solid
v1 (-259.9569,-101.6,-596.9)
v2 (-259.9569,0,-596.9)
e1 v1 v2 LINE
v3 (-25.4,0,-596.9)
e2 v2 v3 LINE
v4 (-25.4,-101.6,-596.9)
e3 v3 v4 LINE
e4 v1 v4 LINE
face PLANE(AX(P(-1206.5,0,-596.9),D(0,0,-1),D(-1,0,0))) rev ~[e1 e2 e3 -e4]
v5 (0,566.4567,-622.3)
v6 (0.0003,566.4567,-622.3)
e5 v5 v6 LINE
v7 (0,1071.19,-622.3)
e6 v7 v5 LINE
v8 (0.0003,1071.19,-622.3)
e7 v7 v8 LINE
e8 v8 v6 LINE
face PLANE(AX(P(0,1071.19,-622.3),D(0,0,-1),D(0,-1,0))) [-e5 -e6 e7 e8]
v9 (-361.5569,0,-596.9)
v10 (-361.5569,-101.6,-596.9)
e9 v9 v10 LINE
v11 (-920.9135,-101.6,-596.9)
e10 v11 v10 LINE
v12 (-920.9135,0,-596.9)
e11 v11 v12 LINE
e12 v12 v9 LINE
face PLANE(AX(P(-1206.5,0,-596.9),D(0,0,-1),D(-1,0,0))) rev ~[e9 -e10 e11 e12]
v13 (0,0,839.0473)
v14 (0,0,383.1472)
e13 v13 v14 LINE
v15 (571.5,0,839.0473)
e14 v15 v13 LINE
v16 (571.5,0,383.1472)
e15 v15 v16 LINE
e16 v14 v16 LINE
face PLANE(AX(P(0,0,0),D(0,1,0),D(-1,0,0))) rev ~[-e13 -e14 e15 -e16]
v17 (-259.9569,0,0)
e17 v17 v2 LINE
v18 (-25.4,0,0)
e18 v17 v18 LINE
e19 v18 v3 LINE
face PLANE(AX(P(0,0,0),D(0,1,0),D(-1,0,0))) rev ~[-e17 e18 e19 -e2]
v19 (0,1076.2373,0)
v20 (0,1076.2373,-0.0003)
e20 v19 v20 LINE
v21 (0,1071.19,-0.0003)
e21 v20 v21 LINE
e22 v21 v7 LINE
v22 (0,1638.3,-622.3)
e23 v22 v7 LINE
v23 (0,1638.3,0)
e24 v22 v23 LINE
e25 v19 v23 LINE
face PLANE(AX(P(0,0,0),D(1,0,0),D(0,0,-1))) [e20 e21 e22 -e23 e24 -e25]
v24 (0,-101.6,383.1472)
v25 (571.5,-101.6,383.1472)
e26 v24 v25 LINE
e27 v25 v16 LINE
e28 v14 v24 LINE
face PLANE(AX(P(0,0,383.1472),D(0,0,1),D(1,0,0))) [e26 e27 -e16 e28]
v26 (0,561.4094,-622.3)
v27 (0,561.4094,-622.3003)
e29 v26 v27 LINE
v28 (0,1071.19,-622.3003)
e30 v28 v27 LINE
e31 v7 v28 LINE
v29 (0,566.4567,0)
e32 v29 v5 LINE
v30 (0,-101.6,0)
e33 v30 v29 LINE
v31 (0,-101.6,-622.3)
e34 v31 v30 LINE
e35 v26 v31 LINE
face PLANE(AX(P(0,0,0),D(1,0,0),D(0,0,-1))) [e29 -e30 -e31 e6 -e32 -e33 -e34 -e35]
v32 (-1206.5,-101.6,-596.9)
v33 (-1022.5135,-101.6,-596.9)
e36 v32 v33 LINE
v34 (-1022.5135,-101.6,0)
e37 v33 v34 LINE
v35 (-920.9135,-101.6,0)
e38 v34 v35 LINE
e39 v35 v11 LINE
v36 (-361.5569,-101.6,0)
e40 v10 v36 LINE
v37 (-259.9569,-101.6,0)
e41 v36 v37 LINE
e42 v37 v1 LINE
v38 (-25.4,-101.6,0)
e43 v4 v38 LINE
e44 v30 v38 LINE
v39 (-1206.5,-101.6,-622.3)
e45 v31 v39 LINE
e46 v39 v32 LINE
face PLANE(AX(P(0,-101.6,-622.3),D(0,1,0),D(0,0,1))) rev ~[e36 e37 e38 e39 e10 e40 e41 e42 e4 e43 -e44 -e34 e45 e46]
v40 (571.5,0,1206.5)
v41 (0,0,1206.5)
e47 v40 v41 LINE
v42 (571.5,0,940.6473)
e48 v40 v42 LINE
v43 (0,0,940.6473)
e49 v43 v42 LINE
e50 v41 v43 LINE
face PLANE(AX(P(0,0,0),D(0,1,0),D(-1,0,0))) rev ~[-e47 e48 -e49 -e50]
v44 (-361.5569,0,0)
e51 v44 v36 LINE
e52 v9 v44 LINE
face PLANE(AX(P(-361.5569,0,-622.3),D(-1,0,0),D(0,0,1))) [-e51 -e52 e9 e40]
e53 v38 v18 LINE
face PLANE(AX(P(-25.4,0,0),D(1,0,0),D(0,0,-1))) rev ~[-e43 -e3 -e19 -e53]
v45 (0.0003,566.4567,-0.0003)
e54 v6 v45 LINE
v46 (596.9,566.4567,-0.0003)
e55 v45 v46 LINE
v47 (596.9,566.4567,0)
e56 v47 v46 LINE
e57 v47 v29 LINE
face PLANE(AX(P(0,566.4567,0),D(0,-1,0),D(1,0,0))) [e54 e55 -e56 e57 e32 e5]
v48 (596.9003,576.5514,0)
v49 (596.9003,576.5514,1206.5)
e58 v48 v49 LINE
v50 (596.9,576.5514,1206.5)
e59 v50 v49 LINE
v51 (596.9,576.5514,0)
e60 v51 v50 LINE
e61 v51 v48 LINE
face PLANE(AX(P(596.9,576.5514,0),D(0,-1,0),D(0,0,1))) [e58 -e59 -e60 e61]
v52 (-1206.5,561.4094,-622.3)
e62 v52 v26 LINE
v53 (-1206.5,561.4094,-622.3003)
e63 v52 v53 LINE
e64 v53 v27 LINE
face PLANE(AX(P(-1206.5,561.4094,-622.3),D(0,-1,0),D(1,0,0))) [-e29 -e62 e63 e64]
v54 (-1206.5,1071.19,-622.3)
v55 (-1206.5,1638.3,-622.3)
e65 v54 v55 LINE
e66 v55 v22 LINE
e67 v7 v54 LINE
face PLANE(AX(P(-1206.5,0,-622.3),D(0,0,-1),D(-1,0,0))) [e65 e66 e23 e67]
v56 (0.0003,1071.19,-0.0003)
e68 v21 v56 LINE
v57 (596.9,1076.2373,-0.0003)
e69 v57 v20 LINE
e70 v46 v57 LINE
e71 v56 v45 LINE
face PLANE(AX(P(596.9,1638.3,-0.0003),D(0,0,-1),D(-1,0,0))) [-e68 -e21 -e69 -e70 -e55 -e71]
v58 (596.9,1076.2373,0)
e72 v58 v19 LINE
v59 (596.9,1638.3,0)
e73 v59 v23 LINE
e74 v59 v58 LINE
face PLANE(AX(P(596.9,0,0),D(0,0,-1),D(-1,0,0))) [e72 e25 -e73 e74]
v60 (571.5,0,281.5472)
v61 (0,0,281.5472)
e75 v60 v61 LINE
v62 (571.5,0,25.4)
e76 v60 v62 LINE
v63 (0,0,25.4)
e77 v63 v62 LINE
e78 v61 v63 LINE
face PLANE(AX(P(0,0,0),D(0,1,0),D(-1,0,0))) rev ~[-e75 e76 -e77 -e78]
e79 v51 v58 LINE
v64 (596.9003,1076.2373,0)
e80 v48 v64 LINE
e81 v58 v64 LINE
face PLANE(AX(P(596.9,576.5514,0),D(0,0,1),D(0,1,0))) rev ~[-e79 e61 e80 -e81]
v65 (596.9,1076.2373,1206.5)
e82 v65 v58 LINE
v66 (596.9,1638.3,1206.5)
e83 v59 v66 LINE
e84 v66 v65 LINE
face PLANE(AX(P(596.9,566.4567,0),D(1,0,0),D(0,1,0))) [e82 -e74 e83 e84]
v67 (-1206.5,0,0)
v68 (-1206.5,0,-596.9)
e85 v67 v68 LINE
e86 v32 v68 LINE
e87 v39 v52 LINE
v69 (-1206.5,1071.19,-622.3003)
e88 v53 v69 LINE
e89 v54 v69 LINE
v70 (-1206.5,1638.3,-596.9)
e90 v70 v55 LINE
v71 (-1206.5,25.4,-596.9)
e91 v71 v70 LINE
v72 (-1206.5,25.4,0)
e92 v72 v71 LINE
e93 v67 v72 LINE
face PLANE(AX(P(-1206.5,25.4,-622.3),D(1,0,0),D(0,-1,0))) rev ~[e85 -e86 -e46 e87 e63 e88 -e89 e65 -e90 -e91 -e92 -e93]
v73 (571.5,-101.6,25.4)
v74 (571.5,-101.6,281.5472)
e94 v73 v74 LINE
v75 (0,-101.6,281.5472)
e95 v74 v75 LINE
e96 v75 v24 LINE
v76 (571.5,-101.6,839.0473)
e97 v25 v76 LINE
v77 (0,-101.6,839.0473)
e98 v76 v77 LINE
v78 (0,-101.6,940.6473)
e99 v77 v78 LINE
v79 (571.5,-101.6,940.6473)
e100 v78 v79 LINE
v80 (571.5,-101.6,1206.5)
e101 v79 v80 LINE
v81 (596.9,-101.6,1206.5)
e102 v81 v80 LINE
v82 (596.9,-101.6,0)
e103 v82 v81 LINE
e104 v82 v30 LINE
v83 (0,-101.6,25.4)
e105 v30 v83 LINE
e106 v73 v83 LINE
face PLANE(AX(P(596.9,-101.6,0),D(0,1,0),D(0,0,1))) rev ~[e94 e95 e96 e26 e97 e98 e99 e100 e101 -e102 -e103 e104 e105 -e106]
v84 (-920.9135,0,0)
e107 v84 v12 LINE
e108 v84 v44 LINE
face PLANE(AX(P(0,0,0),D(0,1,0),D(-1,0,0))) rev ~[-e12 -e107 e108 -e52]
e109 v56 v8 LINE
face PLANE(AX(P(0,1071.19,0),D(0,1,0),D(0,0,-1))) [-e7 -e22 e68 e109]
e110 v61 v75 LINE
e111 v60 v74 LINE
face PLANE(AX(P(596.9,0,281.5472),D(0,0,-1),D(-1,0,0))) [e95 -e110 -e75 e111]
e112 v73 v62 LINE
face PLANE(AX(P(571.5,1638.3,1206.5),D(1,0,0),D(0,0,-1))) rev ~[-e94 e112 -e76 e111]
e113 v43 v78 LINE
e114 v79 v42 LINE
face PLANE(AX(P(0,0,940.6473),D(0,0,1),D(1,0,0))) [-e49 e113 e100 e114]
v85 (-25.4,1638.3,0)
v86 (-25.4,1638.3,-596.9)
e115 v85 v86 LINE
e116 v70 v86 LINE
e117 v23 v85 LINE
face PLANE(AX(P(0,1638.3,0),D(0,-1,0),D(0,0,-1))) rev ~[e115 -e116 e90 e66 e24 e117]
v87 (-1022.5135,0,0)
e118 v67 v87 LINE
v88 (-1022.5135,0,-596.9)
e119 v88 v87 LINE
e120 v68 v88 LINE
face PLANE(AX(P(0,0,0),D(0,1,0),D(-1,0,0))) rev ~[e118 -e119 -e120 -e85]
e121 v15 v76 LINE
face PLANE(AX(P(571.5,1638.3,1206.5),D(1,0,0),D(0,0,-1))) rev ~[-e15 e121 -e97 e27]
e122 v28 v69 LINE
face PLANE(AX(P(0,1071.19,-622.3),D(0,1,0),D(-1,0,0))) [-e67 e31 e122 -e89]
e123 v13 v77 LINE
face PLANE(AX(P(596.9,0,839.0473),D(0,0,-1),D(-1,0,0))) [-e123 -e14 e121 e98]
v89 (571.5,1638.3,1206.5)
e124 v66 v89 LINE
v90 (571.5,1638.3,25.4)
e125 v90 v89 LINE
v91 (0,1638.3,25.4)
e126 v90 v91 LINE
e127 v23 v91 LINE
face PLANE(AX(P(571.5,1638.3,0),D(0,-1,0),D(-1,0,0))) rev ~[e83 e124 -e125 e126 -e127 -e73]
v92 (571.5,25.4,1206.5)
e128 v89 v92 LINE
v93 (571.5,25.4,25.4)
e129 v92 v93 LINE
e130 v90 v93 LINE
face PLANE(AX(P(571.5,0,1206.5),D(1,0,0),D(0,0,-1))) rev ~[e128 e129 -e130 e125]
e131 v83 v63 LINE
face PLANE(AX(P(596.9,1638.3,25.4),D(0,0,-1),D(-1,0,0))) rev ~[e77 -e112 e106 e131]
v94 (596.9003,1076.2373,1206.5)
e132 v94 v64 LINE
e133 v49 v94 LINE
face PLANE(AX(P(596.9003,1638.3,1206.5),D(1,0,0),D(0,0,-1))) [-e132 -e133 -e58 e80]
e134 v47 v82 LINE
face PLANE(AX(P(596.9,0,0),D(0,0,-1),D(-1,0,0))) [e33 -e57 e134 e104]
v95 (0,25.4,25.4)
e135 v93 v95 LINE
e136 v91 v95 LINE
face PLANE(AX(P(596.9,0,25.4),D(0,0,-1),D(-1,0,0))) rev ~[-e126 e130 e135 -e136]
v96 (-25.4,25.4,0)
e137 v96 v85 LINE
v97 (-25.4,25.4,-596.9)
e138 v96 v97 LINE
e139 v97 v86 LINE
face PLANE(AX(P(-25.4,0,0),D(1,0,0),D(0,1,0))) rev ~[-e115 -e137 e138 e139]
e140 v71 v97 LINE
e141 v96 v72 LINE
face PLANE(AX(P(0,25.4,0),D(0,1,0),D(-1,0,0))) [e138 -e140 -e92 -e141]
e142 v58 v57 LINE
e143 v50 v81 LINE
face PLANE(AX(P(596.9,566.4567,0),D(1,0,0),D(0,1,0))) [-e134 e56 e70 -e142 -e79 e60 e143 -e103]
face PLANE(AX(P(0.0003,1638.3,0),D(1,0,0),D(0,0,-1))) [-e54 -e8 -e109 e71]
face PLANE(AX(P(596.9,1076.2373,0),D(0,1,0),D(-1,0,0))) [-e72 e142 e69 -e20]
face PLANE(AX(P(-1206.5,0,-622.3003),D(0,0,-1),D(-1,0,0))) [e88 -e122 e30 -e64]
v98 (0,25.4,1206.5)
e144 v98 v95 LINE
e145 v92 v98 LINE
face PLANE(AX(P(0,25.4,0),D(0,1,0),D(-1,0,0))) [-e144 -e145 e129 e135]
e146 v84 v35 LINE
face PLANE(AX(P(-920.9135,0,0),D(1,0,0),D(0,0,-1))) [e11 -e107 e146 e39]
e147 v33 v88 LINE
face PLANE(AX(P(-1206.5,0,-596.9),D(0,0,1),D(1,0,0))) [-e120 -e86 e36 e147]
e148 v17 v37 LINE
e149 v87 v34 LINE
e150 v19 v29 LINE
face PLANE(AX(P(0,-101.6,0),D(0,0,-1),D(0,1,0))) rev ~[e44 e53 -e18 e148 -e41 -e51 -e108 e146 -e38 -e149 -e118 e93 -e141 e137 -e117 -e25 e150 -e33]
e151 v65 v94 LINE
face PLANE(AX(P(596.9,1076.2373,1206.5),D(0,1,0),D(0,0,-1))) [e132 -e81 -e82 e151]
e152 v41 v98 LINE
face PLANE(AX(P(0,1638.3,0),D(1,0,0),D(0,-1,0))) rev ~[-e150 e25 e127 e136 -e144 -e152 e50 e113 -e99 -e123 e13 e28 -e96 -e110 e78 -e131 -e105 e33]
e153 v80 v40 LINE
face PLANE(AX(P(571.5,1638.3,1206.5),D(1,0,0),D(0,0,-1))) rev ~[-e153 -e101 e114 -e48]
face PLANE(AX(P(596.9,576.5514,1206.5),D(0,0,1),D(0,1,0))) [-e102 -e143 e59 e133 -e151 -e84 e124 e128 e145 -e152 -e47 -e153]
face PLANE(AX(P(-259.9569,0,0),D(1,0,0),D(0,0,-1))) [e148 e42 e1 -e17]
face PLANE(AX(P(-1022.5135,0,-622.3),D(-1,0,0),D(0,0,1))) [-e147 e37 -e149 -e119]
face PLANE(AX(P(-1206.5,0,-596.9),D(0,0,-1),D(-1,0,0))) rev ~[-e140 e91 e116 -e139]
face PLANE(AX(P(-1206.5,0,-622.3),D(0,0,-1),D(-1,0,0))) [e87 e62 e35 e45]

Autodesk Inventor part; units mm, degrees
ref_plane "YZ Plane" through (0, 0, 0) normal (1, 0, 0) x (0, 1, 0)
ref_plane "XZ Plane" through (0, 0, 0) normal (0, 1, 0) x (-1, 0, 0)
ref_plane "XY Plane" through (0, 0, 0) normal (0, 0, 1) x (1, 0, 0)
sketch "Sketch1" plane through (0, 0, 0) normal (0, 1, 0) x (-1, 0, 0)
  line L0 (0, 0) -> (1206.5, 0)
  line L1 (1206.5, 0) -> (1206.5, -596.9)
  line L2 (1206.5, -596.9) -> (0, -596.9)
  line L3 (0, -596.9) -> (0, 0)
  line L4 (0, 0) -> (-596.9, 0)
  line L5 (-596.9, 0) -> (-596.9, 1206.5)
  line L6 (-596.9, 1206.5) -> (0, 1206.5)
  line L7 (0, 1206.5) -> (0, 0)
  dimension "d0" = 1206.5
  dimension "d1" = 596.9
  dimension "d2" = 596.9
  dimension "d3" = 1206.5
extrude "Extrusion1" add sketch "Sketch1" along normal blind 25.4
sketch "Sketch2" plane through (0, 0, 0) normal (1, 0, 0) x (0, 1, 0)
  line L0 (0, 0) -> (1638.3, 0)
  line L1 (1638.3, 0) -> (1638.3, -618.6638)
  line L2 (1638.3, -618.6638) -> (0, -618.6638)
  line L3 (0, -618.6638) -> (0, 0)
  dimension "d6" = 1638.3
extrude "Extrusion2" add sketch "Sketch2" against normal blind 25.4
sketch "Sketch3" plane through (596.9, 0, 1206.5) normal (1, 0, 0) x (0, 0, -1)
  line L0 (0, 0) -> (1206.5, 0) projected
  line L1 (1206.5, 0) -> (1206.5, 25.4) projected
  line L2 (0, 25.4) -> (1206.5, 25.4) projected
  line L3 (0, 0) -> (0, 25.4) projected
  line L4 (0, 0) -> (1206.5, 0)
  line L5 (1206.5, 0) -> (1206.5, 1638.3)
  line L6 (1206.5, 1638.3) -> (0, 1638.3)
  line L7 (0, 1638.3) -> (0, 0)
  dimension "d9" = 1638.3
extrude "Extrusion3" add sketch "Sketch3" against normal blind 25.4 contours L7 L6 L5 L2
sketch "Sketch4" plane through (596.9, 0, 0) normal (0, 0, -1) x (-1, 0, 0)
  line L0 (0, 0) -> (596.9, 0) projected
  line L1 (596.9, 0) -> (596.9, 25.4) projected
  line L2 (25.4, 25.4) -> (596.9, 25.4) projected
  line L3 (25.4, 1638.3) -> (25.4, 25.4) projected
  line L4 (0, 1638.3) -> (25.4, 1638.3) projected
  line L5 (0, 0) -> (0, 1638.3) projected
  line L6 (0, 1638.3) -> (596.9, 1638.3)
  line L7 (596.9, 1638.3) -> (596.9, 0)
  line L8 (596.9, 0) -> (0, 0)
  line L9 (0, 0) -> (0, 1638.3)
extrude "Extrusion4" add sketch "Sketch4" against normal blind 25.4 contours L2 L3 L6 L7
sketch "Sketch5" plane through (-1206.5, 0, -596.9) normal (0, 0, -1) x (-1, 0, 0)
  line L0 (-1181.1, 25.4) -> (-1181.1, 0) projected
  line L1 (-1181.1, 0) -> (0, 0) projected
  line L2 (0, 0) -> (0, 25.4) projected
  line L3 (-1181.1, 25.4) -> (0, 25.4) projected
  line L4 (-1206.5, 0) -> (0, 0)
  line L5 (0, 0) -> (0, 1638.3)
  line L6 (0, 1638.3) -> (-1206.5, 1638.3)
  line L7 (-1206.5, 1638.3) -> (-1206.5, 0)
  dimension "d14" = 1638.3
extrude "Extrusion5" add sketch "Sketch5" along normal blind 25.4 contours L0 L4 L7 L6 L5 L3
sketch "Sketch6" plane through (0, 0, 0) normal (0, -1, 0) x (1, 0, 0)
  line L0 (0, 0) -> (0, 1206.5) projected
  line L1 (596.9, 1206.5) -> (596.9, 0) projected
  line L2 (0, 940.6473) -> (596.9, 940.6473)
  line L3 (596.9, 940.6473) -> (596.9, 839.0473)
  line L4 (596.9, 839.0473) -> (0, 839.0473)
  line L5 (0, 839.0473) -> (0, 940.6473)
  line L6 (0, 383.1472) -> (596.9, 383.1472)
  line L7 (596.9, 383.1472) -> (596.9, 281.5472)
  line L8 (596.9, 281.5472) -> (0, 281.5472)
  line L9 (0, 281.5472) -> (0, 383.1472)
  dimension "d17" = 101.6
  dimension "d18" = 101.6
extrude "Extrusion6" add sketch "Sketch6" along normal blind 101.6 contours L0 L6 L1 L8 | L0 L2 L1 L4
sketch "Sketch7" plane through (0, 0, 0) normal (0, -1, 0) x (1, 0, 0)
  line L0 (-1206.5, -596.9) -> (-25.4, -596.9)
  line L1 (-25.4, -596.9) -> (-25.4, -622.3)
  line L2 (-25.4, -622.3) -> (-1206.5, -622.3)
  line L3 (-1206.5, -622.3) -> (-1206.5, -596.9)
extrude "Extrusion7" add sketch "Sketch7" along normal blind 6.35
sketch "Sketch8" plane through (0, 0, 0) normal (0, -1, 0) x (1, 0, 0)
  line L0 (-1206.5, 0) -> (0, 0) projected
  line L1 (-1022.5135, 0) -> (-920.9135, 0)
  line L2 (-920.9135, 0) -> (-920.9135, -622.3)
  line L3 (-920.9135, -622.3) -> (-1022.5135, -622.3)
  line L4 (-1022.5135, -622.3) -> (-1022.5135, 0)
  line L5 (-361.5569, 0) -> (-259.9569, 0)
  line L6 (-259.9569, 0) -> (-259.9569, -622.3)
  line L7 (-259.9569, -622.3) -> (-361.5569, -622.3)
  line L8 (-361.5569, -622.3) -> (-361.5569, 0)
  dimension "d23" = 101.6
  dimension "d24" = 101.6
extrude "Extrusion8" add sketch "Sketch8" along normal blind 101.6
sketch "Sketch9" plane through (596.9, 1638.3, 1206.5) normal (1, 0, 0) x (0, 0, -1)
  line L0 (0, -1638.3) -> (1206.5, -1638.3)
  line L1 (1206.5, -1638.3) -> (1206.5, -1739.9)
  line L2 (1206.5, -1739.9) -> (0, -1739.9)
  line L3 (0, -1739.9) -> (0, -1638.3)
extrude "Extrusion9" add sketch "Sketch9" against normal blind 25.4
sketch "Sketch10" plane through (0, 0, 0) normal (1, 0, 0) x (0, 0, -1)
  line L0 (0, 0) -> (622.3, 0)
  line L1 (622.3, 0) -> (622.3, -101.6)
  line L2 (622.3, -101.6) -> (0, -101.6)
  line L3 (0, -101.6) -> (0, 0)
  dimension "d29" = 101.6
extrude "Extrusion10" add sketch "Sketch10" against normal blind 25.4
sketch "Sketch11" plane through (596.9, 1638.3, 0) normal (0, 0, -1) x (-1, 0, 0)
  line L0 (0, -1739.9) -> (596.9, -1739.9)
  line L1 (596.9, -1739.9) -> (596.9, -1638.3)
  line L2 (596.9, -1638.3) -> (0, -1638.3)
  line L3 (0, -1638.3) -> (0, -1739.9)
extrude "Extrusion11" add sketch "Sketch11" against normal blind 25.4
sketch "Sketch12" plane through (-1206.5, 0, -622.3) normal (0, 0, -1) x (-1, 0, 0)
  line L0 (-1181.1, 25.4) -> (0, 25.4)
  line L1 (0, 25.4) -> (0, -101.6)
  line L2 (0, -101.6) -> (-1181.1, -101.6)
  line L3 (-1181.1, -101.6) -> (-1181.1, 25.4)
  point P0 (-1206.5, 0)
extrude "Extrusion12" add sketch "Sketch12" against normal blind 25.4
sketch "Sketch13" plane through (596.9, 1638.3, 1206.5) normal (1, 0, 0) x (0, 0, -1)
  line L0 (1206.5, -1739.9) -> (1206.5, 0) projected
  line L1 (0, -1739.9) -> (0, 0) projected
  line L2 (0, -562.0627) -> (1206.5, -562.0627)
  line L3 (1206.5, -562.0627) -> (1206.5, -1061.7486)
  line L4 (1206.5, -1061.7486) -> (0, -1061.7486)
  line L5 (0, -1061.7486) -> (0, -562.0627)
  point P0 (1206.5, -1638.3)
sketch "Sketch14" plane through (0, 1638.3, 0) normal (1, 0, 0) x (0, 0, -1)
  line L0 (0, 0) -> (0, -1739.9) projected
  line L1 (622.3, 0) -> (622.3, -1739.9) projected
  line L2 (0, -567.11) -> (622.3, -567.11)
  line L3 (622.3, -567.11) -> (622.3, -1071.8433)
  line L4 (622.3, -1071.8433) -> (0, -1071.8433)
  line L5 (0, -1071.8433) -> (0, -567.11)
  point P0 (0, -1638.3)
sketch "Sketch15" plane through (596.9, 1638.3, 0) normal (0, 0, -1) x (-1, 0, 0)
  line L0 (596.9, 0) -> (596.9, -1739.9) projected
  line L1 (0, -1739.9) -> (0, 0) projected
  line L2 (0, -562.0627) -> (596.9, -562.0627)
  line L3 (596.9, -562.0627) -> (596.9, -1071.8433)
  line L4 (596.9, -1071.8433) -> (0, -1071.8433)
  line L5 (0, -1071.8433) -> (0, -562.0627)
  point P0 (596.9, -1638.3)
sketch "Sketch16" plane through (-1206.5, 0, -622.3) normal (0, 0, -1) x (-1, 0, 0)
  line L0 (0, -101.6) -> (0, 1638.3) projected
  line L1 (-1206.5, 1638.3) -> (-1206.5, -101.6) projected
  line L2 (-1206.5, 1071.19) -> (0, 1071.19)
  line L3 (0, 1071.19) -> (0, 561.4094)
  line L4 (0, 561.4094) -> (-1206.5, 561.4094)
  line L5 (-1206.5, 561.4094) -> (-1206.5, 1071.19)
  point P0 (-1206.5, 0)
extrude "Extrusion13" add sketch "Sketch15" along normal blind 0.0003
extrude "Extrusion14" add sketch "Sketch16" along normal blind 0.0003
extrude "Extrusion15" add sketch "Sketch14" along normal blind 0.0003
extrude "Extrusion16" add sketch "Sketch13" along normal blind 0.0003
properties part number "crate"
